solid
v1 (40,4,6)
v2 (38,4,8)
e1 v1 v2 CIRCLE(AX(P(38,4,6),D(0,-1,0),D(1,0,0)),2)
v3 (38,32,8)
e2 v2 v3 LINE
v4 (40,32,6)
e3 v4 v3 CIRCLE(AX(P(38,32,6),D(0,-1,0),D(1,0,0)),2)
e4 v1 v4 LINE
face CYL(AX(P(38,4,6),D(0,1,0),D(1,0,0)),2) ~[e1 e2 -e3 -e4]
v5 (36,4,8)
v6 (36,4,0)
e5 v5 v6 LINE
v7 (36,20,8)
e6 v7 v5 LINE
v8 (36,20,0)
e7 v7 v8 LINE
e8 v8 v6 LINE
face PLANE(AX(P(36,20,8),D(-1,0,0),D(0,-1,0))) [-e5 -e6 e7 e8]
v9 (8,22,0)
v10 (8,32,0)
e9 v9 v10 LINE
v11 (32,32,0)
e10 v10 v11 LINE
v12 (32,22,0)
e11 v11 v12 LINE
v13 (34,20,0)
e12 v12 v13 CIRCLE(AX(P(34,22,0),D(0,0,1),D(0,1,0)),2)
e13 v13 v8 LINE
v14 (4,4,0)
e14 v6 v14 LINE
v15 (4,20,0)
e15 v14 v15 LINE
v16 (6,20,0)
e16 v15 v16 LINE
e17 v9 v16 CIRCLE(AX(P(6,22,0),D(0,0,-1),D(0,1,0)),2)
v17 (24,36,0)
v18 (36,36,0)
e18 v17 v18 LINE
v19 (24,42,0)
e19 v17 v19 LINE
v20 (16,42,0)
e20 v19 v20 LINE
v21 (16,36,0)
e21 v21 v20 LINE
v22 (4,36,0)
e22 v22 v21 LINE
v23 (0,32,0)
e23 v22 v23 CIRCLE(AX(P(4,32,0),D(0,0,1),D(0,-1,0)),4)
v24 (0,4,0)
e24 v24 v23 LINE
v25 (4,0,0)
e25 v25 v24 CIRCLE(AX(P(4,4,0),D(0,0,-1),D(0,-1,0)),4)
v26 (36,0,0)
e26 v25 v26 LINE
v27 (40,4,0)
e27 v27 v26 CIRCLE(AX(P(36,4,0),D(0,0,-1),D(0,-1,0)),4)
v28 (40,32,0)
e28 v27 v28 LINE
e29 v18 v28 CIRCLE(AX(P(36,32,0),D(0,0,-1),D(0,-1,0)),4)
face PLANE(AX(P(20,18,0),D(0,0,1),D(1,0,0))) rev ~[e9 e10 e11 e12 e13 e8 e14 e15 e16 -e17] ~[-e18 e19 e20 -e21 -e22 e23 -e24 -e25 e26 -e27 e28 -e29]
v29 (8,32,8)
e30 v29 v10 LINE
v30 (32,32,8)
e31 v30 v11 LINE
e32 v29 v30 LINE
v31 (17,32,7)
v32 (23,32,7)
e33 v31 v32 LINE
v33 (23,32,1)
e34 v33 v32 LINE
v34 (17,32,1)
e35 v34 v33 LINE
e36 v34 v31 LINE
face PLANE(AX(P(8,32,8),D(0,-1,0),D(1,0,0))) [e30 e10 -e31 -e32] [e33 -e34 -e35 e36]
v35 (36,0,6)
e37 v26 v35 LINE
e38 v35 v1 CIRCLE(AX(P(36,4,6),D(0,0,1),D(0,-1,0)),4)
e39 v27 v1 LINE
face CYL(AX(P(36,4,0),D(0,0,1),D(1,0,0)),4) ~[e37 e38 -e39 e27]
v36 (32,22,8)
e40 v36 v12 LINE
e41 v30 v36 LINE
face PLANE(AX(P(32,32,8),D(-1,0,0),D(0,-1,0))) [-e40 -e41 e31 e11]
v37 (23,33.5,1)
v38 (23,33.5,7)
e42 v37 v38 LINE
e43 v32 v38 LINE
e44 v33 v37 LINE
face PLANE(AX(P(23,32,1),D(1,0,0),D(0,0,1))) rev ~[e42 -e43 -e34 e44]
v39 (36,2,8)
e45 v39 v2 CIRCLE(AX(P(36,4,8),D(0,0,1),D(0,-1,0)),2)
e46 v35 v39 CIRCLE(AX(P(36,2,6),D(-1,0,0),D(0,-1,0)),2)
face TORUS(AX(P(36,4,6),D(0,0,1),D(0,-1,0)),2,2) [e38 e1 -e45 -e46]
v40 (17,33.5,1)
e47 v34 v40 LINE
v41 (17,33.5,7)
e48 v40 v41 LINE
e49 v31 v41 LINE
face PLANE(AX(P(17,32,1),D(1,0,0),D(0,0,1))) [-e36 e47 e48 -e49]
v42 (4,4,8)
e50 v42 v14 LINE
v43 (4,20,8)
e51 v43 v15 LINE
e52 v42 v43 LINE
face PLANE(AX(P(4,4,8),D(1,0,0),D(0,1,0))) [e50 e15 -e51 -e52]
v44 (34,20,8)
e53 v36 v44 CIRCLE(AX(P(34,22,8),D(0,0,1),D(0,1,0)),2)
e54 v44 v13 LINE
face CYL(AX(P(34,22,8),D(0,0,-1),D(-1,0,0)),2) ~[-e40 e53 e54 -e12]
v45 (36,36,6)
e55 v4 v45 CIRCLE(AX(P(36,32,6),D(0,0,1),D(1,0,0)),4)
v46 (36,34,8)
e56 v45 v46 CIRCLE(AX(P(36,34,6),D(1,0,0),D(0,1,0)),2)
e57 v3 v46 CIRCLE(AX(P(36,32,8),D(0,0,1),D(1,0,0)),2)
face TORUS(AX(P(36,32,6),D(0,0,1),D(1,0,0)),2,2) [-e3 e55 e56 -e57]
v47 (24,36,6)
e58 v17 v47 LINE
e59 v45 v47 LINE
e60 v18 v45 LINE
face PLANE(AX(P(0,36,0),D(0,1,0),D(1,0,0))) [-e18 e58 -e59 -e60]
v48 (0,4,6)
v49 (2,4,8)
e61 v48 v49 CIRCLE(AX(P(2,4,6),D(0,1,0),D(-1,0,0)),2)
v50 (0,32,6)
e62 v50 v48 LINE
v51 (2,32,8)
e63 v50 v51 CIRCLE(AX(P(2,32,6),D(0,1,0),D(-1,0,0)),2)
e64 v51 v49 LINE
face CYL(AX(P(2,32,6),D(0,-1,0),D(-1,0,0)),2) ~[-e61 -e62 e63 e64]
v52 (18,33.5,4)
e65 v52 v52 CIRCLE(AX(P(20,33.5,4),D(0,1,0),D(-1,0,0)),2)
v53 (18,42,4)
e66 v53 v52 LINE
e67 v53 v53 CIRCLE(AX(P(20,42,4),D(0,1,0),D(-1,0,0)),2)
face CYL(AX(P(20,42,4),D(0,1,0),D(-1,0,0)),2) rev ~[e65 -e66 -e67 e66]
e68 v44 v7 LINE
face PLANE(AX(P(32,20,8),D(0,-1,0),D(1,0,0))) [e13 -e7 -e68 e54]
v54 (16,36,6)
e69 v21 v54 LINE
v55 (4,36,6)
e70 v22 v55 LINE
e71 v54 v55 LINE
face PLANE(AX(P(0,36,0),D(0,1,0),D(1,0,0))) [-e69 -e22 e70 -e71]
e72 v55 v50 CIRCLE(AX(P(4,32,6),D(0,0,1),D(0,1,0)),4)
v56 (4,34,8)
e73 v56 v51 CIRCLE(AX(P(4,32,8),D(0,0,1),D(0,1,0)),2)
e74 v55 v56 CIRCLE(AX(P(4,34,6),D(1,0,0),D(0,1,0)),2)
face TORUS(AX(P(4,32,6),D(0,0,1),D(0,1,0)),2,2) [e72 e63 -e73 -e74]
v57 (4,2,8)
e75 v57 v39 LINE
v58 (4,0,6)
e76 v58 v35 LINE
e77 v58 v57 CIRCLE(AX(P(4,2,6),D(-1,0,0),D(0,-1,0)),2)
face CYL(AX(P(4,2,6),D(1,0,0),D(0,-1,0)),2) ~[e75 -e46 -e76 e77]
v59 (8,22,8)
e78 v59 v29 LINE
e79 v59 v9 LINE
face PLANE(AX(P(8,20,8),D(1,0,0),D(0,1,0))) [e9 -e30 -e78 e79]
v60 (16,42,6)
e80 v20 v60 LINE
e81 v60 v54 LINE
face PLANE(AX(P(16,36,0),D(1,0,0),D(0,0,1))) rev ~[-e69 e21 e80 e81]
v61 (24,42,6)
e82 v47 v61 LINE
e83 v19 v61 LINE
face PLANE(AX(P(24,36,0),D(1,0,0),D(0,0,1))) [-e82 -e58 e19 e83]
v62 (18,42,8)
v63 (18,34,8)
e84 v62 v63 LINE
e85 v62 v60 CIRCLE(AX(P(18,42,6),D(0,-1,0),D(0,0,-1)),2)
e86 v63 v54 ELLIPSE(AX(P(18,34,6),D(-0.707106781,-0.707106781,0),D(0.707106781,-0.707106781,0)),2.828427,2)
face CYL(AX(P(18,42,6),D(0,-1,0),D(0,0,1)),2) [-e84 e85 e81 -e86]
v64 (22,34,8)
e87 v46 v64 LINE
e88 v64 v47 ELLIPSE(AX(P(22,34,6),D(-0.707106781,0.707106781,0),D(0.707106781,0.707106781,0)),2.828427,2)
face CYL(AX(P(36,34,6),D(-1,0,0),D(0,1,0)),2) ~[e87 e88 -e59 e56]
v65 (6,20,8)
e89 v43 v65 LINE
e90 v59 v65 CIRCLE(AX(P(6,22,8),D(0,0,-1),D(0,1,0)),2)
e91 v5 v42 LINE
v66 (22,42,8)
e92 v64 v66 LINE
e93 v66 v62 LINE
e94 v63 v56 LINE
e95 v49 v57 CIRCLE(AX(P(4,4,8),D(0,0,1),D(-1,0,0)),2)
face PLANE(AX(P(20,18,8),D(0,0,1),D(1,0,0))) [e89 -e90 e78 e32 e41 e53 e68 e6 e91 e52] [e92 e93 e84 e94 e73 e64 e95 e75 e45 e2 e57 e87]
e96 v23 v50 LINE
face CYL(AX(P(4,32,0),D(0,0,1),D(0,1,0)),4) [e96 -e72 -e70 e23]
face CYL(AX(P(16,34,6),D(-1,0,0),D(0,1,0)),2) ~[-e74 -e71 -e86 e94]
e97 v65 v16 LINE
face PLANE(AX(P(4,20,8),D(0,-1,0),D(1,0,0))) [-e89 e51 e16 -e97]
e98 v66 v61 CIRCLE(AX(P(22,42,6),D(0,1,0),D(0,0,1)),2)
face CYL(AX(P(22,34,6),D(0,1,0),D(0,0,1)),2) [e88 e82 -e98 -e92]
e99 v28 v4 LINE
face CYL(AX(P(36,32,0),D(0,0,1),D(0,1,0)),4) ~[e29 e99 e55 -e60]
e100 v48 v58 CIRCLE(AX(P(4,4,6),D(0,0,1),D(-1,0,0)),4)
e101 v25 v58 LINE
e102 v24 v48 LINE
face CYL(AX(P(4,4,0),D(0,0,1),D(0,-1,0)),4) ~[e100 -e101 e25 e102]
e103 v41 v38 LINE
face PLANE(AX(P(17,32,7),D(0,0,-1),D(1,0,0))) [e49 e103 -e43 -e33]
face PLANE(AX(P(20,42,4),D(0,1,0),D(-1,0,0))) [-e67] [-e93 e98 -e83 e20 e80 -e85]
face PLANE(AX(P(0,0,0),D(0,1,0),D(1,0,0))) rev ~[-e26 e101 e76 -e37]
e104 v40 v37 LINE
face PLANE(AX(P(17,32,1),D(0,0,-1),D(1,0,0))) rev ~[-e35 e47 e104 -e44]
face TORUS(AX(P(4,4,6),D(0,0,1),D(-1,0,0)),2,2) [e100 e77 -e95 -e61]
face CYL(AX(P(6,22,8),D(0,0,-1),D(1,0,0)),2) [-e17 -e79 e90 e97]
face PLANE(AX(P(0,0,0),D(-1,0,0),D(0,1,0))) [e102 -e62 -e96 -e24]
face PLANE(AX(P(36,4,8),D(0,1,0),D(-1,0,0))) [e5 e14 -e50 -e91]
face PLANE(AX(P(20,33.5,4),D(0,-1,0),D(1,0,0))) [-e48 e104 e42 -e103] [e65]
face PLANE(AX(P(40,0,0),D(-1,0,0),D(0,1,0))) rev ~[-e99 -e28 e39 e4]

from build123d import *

# Parameters (mm, degrees)
SKETCH_W        = 40
SKETCH_H        = 36
PAD_DEPTH       = 8
POCKET_DEPTH    = 8
FILLET_R        = 4
FILLET001_R     = 4
FILLET002_R     = 4
FILLET003_R     = 4
SKETCH002_W     = 8
SKETCH002_H     = 8
PAD001_DEPTH    = 6
FILLET004_R     = 2
FILLET005_R     = 2
FILLET006_R     = 2
FILLET007_R     = 2
FILLET008_R     = 2
SKETCH003_R     = 2
POCKET001_DEPTH = 10
SKETCH004_W     = 6
SKETCH004_H     = 6
POCKET002_DEPTH = 1.5


with BuildPart() as part:
    # Sketch → Pad (new body)
    with BuildSketch(Plane.XY):
        with Locations((20, 18)):
            Rectangle(SKETCH_W, SKETCH_H)
    extrude(amount=PAD_DEPTH)

    # Sketch001 → Pocket (cut)
    with BuildSketch(Plane.XY.offset(8)):
        Polygon((4, 4), (4, 20), (8, 20), (8, 32), (32, 32), (32, 20), (36, 20), (36, 4), align=None)
    extrude(amount=-POCKET_DEPTH, mode=Mode.SUBTRACT)

    # Fillet
    fillet_edges = [part.edges().sort_by_distance(p)[0] for p in [
        (40, 36, 4),
    ]]
    fillet(fillet_edges, radius=FILLET_R)

    # Fillet001
    fillet001_edges = [part.edges().sort_by_distance(p)[0] for p in [
        (0, 36, 4),
    ]]
    fillet(fillet001_edges, radius=FILLET001_R)

    # Fillet002
    fillet002_edges = [part.edges().sort_by_distance(p)[0] for p in [
        (40, 0, 4),
    ]]
    fillet(fillet002_edges, radius=FILLET002_R)

    # Fillet003
    fillet003_edges = [part.edges().sort_by_distance(p)[0] for p in [
        (0, 0, 4),
    ]]
    fillet(fillet003_edges, radius=FILLET003_R)

    # Sketch002 → Pad001 (new body)
    with BuildSketch(Plane(origin=(0, 36, 0), x_dir=(-1, 0, 0), z_dir=(0, 1, 0))):
        with Locations((-20, 4)):
            Rectangle(SKETCH002_W, SKETCH002_H)
    extrude(amount=PAD001_DEPTH)

    # Fillet004
    fillet004_edges = [part.edges().sort_by_distance(p)[0] for p in [
        (40, 18, 8),
    ]]
    fillet(fillet004_edges, radius=FILLET004_R)

    # Fillet005
    fillet005_edges = [part.edges().sort_by_distance(p)[0] for p in [
        (8, 20, 4),
    ]]
    fillet(fillet005_edges, radius=FILLET005_R)

    # Fillet006
    fillet006_edges = [part.edges().sort_by_distance(p)[0] for p in [
        (32, 20, 4),
    ]]
    fillet(fillet006_edges, radius=FILLET006_R)

    # Fillet007
    fillet007_edges = [part.edges().sort_by_distance(p)[0] for p in [
        (24, 39, 8),
    ]]
    fillet(fillet007_edges, radius=FILLET007_R)

    # Fillet008
    fillet008_edges = [part.edges().sort_by_distance(p)[0] for p in [
        (16, 39, 8),
    ]]
    fillet(fillet008_edges, radius=FILLET008_R)

    # Sketch003 → Pocket001 (cut)
    with BuildSketch(Plane(origin=(0, 42, 0), x_dir=(-1, 0, 0), z_dir=(0, 1, 0))):
        with Locations((-20, 4)):
            Circle(SKETCH003_R)
    extrude(amount=-POCKET001_DEPTH, mode=Mode.SUBTRACT)

    # Sketch004 → Pocket002 (cut)
    with BuildSketch(Plane.XZ.offset(-32)):
        with Locations((20, 4)):
            Rectangle(SKETCH004_W, SKETCH004_H)
    extrude(amount=-POCKET002_DEPTH, mode=Mode.SUBTRACT)


solid = part.part
